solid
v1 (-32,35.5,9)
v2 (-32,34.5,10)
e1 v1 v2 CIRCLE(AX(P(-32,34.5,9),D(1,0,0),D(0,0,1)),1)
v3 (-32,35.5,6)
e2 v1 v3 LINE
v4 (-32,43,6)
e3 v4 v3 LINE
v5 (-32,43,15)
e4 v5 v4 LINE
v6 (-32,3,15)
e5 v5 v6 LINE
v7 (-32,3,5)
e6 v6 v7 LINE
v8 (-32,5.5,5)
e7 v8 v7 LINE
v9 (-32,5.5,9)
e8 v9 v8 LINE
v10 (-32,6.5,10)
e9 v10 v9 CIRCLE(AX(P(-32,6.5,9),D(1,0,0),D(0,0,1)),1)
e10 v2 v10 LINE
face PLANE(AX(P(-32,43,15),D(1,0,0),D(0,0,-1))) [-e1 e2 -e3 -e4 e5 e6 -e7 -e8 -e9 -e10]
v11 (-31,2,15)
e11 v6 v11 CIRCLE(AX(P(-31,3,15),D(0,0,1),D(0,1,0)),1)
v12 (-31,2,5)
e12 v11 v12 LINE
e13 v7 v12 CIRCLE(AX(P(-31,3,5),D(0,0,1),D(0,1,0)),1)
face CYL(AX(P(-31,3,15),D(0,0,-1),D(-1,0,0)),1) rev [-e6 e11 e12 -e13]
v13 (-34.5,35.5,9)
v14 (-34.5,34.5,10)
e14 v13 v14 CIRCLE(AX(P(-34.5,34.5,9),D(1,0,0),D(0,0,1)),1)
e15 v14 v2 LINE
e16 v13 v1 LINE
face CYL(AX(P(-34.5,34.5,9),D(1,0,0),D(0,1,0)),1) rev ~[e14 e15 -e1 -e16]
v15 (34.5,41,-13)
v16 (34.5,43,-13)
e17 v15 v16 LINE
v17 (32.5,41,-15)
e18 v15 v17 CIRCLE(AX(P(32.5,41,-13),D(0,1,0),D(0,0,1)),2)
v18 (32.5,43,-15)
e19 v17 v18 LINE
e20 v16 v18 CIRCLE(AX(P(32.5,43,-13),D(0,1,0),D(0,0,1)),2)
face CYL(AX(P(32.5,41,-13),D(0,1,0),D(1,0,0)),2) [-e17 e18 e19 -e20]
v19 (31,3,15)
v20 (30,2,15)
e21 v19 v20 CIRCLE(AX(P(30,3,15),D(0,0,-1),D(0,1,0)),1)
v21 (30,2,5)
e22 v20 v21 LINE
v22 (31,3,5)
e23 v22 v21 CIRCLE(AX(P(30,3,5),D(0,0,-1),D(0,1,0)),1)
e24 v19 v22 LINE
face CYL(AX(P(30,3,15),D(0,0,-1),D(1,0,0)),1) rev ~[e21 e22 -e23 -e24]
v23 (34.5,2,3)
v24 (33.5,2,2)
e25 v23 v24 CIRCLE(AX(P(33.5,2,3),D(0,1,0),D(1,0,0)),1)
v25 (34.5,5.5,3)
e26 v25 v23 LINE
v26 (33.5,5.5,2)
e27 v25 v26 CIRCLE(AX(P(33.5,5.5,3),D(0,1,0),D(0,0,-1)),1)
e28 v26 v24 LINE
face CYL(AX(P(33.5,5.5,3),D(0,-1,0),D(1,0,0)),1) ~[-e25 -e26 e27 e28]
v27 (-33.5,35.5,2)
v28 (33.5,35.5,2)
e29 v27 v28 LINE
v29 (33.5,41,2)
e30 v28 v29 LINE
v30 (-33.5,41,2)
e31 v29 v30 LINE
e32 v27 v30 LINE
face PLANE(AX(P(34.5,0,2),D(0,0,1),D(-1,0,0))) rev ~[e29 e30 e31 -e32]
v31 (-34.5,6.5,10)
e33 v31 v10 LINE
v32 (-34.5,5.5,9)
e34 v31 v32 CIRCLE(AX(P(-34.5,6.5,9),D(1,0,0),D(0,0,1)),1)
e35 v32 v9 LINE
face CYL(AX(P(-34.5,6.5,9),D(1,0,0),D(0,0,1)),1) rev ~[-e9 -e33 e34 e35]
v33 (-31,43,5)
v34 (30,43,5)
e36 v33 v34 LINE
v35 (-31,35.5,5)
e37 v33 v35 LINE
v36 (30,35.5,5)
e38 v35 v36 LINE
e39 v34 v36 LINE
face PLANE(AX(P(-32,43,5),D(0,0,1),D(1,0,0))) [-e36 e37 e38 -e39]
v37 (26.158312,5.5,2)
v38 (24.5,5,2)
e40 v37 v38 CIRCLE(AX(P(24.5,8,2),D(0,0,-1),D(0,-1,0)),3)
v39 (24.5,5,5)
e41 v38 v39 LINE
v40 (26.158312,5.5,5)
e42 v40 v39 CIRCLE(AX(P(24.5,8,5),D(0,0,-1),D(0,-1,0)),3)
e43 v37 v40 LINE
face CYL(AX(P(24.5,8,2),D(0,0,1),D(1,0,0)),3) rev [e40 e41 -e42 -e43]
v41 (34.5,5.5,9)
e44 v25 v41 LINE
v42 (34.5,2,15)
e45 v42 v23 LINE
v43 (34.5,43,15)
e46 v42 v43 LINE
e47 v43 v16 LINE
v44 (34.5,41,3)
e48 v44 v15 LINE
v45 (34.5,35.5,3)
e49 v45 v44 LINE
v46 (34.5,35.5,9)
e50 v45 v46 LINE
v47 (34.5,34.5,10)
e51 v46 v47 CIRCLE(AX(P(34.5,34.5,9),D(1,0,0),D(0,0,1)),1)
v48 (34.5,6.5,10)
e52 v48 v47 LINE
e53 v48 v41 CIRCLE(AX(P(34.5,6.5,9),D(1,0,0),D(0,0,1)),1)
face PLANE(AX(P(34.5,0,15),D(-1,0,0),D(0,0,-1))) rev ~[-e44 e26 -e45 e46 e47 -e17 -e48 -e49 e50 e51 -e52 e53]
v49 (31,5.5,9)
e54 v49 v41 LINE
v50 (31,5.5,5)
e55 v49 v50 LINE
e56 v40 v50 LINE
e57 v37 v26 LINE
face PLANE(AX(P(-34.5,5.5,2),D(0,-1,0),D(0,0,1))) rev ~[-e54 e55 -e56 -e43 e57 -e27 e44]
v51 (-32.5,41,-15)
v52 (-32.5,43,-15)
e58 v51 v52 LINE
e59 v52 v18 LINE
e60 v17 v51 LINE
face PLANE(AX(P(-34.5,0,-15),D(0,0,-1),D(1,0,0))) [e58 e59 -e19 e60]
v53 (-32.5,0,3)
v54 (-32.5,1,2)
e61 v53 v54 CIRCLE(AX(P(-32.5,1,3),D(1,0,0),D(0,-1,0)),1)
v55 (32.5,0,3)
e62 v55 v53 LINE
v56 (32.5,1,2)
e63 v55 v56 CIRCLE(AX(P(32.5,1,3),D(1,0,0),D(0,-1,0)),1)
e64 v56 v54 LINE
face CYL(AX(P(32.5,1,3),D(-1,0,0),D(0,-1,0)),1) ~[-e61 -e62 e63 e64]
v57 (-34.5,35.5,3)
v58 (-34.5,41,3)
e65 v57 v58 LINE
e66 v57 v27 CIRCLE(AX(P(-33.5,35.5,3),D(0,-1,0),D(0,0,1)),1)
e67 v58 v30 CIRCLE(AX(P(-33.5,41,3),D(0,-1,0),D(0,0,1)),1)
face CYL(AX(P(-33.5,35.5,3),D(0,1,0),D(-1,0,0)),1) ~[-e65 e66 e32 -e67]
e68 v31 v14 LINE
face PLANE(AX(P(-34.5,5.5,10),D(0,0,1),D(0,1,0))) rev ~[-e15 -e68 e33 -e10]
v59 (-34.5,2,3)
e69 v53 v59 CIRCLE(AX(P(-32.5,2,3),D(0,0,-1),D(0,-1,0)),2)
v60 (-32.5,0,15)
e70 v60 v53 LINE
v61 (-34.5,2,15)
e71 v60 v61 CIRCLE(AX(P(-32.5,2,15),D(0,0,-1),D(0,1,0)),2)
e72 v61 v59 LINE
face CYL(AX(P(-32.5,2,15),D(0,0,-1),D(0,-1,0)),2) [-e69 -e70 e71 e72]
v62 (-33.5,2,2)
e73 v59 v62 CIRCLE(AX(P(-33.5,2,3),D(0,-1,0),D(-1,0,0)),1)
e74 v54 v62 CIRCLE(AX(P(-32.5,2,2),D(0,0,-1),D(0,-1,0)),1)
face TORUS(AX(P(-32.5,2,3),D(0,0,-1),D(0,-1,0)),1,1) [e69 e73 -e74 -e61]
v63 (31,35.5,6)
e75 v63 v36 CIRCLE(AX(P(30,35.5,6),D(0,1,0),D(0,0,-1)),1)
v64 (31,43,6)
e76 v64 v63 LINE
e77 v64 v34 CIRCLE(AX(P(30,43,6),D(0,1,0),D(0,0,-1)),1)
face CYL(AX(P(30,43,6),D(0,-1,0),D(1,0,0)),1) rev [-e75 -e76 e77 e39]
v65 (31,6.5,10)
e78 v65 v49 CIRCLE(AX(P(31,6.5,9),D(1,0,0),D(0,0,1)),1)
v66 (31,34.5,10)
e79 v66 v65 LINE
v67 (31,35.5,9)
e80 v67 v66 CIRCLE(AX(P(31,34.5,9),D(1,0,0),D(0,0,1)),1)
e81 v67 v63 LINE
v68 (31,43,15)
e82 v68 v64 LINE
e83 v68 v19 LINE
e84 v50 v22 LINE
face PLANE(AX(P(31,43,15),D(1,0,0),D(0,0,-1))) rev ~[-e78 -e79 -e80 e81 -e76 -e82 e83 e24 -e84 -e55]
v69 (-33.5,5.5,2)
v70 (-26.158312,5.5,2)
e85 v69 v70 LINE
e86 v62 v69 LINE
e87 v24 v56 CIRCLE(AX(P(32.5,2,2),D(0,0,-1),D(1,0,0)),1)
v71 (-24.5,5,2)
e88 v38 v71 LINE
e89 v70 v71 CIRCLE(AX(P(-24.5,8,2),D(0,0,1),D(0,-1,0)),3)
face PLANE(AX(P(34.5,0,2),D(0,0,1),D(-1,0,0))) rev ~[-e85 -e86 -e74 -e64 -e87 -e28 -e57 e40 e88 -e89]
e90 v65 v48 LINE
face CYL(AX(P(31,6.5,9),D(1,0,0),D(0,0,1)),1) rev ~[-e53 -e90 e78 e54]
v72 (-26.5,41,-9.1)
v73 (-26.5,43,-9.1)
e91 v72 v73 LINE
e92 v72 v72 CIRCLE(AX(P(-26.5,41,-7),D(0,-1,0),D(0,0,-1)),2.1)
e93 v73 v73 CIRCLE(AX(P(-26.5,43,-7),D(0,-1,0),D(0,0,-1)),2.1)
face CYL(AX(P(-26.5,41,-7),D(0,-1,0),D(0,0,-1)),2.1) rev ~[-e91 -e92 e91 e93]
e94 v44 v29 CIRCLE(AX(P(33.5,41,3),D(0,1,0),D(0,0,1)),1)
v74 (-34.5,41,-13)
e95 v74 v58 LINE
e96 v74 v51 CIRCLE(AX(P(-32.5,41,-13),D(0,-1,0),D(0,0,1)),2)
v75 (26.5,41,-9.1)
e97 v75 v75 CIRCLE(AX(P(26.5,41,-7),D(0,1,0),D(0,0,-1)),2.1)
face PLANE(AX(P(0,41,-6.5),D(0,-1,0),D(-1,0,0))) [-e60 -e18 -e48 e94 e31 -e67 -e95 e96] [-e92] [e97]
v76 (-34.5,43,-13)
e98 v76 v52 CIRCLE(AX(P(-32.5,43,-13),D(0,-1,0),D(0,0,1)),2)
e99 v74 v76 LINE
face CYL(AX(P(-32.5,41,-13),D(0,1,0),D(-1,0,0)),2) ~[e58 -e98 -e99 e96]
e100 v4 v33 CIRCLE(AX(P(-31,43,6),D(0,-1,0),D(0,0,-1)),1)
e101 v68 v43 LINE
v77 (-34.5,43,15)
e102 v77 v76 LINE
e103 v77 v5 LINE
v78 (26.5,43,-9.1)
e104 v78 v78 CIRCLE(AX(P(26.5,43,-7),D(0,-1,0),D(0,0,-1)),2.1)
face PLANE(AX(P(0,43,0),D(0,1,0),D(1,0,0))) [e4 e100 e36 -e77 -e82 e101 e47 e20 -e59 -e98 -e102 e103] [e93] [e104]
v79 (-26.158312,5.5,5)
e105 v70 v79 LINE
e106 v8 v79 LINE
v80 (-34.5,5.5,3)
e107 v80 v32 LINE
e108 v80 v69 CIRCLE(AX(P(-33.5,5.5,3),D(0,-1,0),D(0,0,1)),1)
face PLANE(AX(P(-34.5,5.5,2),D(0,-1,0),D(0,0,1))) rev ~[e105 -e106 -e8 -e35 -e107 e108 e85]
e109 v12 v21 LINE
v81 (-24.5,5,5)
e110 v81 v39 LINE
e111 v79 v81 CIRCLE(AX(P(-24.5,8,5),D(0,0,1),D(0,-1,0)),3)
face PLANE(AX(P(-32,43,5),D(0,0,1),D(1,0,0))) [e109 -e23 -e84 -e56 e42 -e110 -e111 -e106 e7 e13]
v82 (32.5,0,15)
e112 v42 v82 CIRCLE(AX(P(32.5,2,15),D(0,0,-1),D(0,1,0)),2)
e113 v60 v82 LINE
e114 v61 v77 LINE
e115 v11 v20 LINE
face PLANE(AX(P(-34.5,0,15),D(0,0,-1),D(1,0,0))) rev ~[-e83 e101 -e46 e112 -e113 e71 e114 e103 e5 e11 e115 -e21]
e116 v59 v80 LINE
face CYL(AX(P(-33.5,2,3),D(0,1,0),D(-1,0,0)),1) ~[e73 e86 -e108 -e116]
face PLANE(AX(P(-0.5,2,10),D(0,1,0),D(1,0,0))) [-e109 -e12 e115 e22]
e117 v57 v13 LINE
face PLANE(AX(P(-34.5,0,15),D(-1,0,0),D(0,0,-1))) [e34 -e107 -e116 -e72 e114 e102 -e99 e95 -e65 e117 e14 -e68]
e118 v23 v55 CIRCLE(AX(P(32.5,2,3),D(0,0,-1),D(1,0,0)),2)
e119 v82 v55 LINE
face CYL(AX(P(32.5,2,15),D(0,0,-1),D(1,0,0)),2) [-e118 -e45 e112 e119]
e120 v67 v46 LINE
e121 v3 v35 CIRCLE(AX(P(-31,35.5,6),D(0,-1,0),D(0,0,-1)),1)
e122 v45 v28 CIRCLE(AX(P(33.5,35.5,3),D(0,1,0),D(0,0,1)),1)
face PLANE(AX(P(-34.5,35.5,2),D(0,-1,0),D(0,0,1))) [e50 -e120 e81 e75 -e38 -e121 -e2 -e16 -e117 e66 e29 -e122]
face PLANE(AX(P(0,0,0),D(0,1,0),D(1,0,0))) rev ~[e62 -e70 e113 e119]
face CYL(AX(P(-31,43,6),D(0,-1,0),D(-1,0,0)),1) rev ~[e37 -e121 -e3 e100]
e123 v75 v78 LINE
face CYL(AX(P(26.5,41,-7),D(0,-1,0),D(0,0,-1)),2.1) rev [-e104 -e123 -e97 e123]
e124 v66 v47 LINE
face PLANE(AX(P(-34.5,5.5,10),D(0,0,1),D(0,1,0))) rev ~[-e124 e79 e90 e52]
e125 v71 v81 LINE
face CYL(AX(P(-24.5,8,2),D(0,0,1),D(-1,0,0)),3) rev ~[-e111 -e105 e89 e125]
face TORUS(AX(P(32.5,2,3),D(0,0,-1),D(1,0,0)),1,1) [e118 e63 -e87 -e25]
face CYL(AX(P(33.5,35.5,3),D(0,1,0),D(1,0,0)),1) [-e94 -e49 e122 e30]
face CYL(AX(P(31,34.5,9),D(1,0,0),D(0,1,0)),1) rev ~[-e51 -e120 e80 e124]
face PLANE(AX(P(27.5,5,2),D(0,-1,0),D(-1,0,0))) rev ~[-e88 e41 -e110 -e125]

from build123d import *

# Parameters (mm, degrees)
SKETCH_1_W          = 69
SKETCH_1_H          = 30
EXTRUDE_1_DEPTH     = 43
SKETCH_3_W          = 63
SKETCH_3_H          = 10
CUT_EXTRUDE_2_DEPTH = 41
SKETCH_4_W          = 69
SKETCH_4_H          = 17
CUT_EXTRUDE_3_DEPTH = 41
SKETCH_5_R          = 2.1
CUT_EXTRUDE_4_DEPTH = 56.643957444
SKETCH_9_W          = 55
SKETCH_9_H          = 30
CUT_EXTRUDE_5_DEPTH = 58.690987164
FILLET_1_R          = 3
FILLET_2_R          = 2
FILLET_3_R          = 1
SKETCH_10_W         = 8
SKETCH_10_H         = 30
CUT_EXTRUDE_6_DEPTH = 83.674058809
FILLET_4_R          = 1
FILLET_5_R          = 1


with BuildPart() as part:
    # 草图1 → 凸台-拉伸1 (new body)
    with BuildSketch(Plane(origin=(0, 0, 0), x_dir=(1, 0, 0), z_dir=(0, 1, 0))):
        Rectangle(SKETCH_1_W, SKETCH_1_H)
    extrude(amount=EXTRUDE_1_DEPTH)

    # 草图3 → 切除-拉伸2 (cut)
    with BuildSketch(Plane(origin=(0, 43, 0), x_dir=(1, 0, 0), z_dir=(0, 1, 0))):
        with Locations((-0.5, -10)):
            Rectangle(SKETCH_3_W, SKETCH_3_H)
    extrude(amount=-CUT_EXTRUDE_2_DEPTH, mode=Mode.SUBTRACT)

    # 草图4 → 切除-拉伸3 (cut)
    with BuildSketch(Plane(origin=(0, 0, 0), x_dir=(-1, 0, 0), z_dir=(0, -1, 0))):
        with Locations((0, 6.5)):
            Rectangle(SKETCH_4_W, SKETCH_4_H)
    extrude(amount=-CUT_EXTRUDE_3_DEPTH, mode=Mode.SUBTRACT)

    # 草图5 → 切除-拉伸4 (cut, through all)
    with BuildSketch(Plane(origin=(0, 41, 0), x_dir=(-1, 0, 0), z_dir=(0, -1, 0))):
        with Locations(Location((26.5, 7, 0), (0, 0, 90))):
            Circle(SKETCH_5_R)
    cut_extrude_4 = extrude(amount=-CUT_EXTRUDE_4_DEPTH, mode=Mode.SUBTRACT)

    # 镜向1: 切除-拉伸4 across plane
    add(cut_extrude_4.mirror(Plane.ZY), mode=Mode.SUBTRACT)

    # 草图9 → 切除-拉伸5 (cut, through all)
    with BuildSketch(Plane(origin=(0, 0, 2), x_dir=(-1, 0, 0), z_dir=(0, 0, -1))):
        with Locations((0, 20)):
            Rectangle(SKETCH_9_W, SKETCH_9_H)
    extrude(amount=-CUT_EXTRUDE_5_DEPTH, mode=Mode.SUBTRACT)

    # 圆角1
    fillet_1_edges = [part.edges().sort_by_distance(p)[0] for p in [
        (-27.5, 35, 3.5),
        (-27.5, 5, 3.5),
        (27.5, 5, 3.5),
        (27.5, 35, 3.5),
    ]]
    fillet(fillet_1_edges, radius=FILLET_1_R)

    # 圆角2
    fillet_2_edges = [part.edges().sort_by_distance(p)[0] for p in [
        (-34.5, 0, 8.5),
        (34.5, 0, 8.5),
        (-34.5, 42, -15),
        (34.5, 42, -15),
    ]]
    fillet(fillet_2_edges, radius=FILLET_2_R)

    # 圆角3
    fillet_3_edges = [part.edges().sort_by_distance(p)[0] for p in [
        (-32, 2, 10),
        (31, 2, 10),
    ]]
    fillet(fillet_3_edges, radius=FILLET_3_R)

    # 草图10 → 切除-拉伸6 (cut, through all)
    with BuildSketch(Plane.ZY.offset(34.5)):
        with Locations((6, 20.5)):
            Rectangle(SKETCH_10_W, SKETCH_10_H)
    extrude(amount=-CUT_EXTRUDE_6_DEPTH, mode=Mode.SUBTRACT)

    # 圆角4
    fillet_4_edges = [part.edges().sort_by_distance(p)[0] for p in [
        (31, 39.25, 5),
        (-32, 39.25, 5),
        (-33.25, 35.5, 10),
        (32.75, 35.5, 10),
        (32.75, 5.5, 10),
        (-33.25, 5.5, 10),
    ]]
    fillet(fillet_4_edges, radius=FILLET_4_R)

    # 圆角5
    fillet_5_edges = [part.edges().sort_by_distance(p)[0] for p in [
        (0, 0, 2),
        (33.914213562, 0.585786438, 2),
        (-33.914213562, 0.585786438, 2),
        (-34.5, 3.75, 2),
        (34.5, 3.75, 2),
        (-34.5, 38.25, 2),
        (34.5, 38.25, 2),
    ]]
    fillet(fillet_5_edges, radius=FILLET_5_R)


solid = part.part
